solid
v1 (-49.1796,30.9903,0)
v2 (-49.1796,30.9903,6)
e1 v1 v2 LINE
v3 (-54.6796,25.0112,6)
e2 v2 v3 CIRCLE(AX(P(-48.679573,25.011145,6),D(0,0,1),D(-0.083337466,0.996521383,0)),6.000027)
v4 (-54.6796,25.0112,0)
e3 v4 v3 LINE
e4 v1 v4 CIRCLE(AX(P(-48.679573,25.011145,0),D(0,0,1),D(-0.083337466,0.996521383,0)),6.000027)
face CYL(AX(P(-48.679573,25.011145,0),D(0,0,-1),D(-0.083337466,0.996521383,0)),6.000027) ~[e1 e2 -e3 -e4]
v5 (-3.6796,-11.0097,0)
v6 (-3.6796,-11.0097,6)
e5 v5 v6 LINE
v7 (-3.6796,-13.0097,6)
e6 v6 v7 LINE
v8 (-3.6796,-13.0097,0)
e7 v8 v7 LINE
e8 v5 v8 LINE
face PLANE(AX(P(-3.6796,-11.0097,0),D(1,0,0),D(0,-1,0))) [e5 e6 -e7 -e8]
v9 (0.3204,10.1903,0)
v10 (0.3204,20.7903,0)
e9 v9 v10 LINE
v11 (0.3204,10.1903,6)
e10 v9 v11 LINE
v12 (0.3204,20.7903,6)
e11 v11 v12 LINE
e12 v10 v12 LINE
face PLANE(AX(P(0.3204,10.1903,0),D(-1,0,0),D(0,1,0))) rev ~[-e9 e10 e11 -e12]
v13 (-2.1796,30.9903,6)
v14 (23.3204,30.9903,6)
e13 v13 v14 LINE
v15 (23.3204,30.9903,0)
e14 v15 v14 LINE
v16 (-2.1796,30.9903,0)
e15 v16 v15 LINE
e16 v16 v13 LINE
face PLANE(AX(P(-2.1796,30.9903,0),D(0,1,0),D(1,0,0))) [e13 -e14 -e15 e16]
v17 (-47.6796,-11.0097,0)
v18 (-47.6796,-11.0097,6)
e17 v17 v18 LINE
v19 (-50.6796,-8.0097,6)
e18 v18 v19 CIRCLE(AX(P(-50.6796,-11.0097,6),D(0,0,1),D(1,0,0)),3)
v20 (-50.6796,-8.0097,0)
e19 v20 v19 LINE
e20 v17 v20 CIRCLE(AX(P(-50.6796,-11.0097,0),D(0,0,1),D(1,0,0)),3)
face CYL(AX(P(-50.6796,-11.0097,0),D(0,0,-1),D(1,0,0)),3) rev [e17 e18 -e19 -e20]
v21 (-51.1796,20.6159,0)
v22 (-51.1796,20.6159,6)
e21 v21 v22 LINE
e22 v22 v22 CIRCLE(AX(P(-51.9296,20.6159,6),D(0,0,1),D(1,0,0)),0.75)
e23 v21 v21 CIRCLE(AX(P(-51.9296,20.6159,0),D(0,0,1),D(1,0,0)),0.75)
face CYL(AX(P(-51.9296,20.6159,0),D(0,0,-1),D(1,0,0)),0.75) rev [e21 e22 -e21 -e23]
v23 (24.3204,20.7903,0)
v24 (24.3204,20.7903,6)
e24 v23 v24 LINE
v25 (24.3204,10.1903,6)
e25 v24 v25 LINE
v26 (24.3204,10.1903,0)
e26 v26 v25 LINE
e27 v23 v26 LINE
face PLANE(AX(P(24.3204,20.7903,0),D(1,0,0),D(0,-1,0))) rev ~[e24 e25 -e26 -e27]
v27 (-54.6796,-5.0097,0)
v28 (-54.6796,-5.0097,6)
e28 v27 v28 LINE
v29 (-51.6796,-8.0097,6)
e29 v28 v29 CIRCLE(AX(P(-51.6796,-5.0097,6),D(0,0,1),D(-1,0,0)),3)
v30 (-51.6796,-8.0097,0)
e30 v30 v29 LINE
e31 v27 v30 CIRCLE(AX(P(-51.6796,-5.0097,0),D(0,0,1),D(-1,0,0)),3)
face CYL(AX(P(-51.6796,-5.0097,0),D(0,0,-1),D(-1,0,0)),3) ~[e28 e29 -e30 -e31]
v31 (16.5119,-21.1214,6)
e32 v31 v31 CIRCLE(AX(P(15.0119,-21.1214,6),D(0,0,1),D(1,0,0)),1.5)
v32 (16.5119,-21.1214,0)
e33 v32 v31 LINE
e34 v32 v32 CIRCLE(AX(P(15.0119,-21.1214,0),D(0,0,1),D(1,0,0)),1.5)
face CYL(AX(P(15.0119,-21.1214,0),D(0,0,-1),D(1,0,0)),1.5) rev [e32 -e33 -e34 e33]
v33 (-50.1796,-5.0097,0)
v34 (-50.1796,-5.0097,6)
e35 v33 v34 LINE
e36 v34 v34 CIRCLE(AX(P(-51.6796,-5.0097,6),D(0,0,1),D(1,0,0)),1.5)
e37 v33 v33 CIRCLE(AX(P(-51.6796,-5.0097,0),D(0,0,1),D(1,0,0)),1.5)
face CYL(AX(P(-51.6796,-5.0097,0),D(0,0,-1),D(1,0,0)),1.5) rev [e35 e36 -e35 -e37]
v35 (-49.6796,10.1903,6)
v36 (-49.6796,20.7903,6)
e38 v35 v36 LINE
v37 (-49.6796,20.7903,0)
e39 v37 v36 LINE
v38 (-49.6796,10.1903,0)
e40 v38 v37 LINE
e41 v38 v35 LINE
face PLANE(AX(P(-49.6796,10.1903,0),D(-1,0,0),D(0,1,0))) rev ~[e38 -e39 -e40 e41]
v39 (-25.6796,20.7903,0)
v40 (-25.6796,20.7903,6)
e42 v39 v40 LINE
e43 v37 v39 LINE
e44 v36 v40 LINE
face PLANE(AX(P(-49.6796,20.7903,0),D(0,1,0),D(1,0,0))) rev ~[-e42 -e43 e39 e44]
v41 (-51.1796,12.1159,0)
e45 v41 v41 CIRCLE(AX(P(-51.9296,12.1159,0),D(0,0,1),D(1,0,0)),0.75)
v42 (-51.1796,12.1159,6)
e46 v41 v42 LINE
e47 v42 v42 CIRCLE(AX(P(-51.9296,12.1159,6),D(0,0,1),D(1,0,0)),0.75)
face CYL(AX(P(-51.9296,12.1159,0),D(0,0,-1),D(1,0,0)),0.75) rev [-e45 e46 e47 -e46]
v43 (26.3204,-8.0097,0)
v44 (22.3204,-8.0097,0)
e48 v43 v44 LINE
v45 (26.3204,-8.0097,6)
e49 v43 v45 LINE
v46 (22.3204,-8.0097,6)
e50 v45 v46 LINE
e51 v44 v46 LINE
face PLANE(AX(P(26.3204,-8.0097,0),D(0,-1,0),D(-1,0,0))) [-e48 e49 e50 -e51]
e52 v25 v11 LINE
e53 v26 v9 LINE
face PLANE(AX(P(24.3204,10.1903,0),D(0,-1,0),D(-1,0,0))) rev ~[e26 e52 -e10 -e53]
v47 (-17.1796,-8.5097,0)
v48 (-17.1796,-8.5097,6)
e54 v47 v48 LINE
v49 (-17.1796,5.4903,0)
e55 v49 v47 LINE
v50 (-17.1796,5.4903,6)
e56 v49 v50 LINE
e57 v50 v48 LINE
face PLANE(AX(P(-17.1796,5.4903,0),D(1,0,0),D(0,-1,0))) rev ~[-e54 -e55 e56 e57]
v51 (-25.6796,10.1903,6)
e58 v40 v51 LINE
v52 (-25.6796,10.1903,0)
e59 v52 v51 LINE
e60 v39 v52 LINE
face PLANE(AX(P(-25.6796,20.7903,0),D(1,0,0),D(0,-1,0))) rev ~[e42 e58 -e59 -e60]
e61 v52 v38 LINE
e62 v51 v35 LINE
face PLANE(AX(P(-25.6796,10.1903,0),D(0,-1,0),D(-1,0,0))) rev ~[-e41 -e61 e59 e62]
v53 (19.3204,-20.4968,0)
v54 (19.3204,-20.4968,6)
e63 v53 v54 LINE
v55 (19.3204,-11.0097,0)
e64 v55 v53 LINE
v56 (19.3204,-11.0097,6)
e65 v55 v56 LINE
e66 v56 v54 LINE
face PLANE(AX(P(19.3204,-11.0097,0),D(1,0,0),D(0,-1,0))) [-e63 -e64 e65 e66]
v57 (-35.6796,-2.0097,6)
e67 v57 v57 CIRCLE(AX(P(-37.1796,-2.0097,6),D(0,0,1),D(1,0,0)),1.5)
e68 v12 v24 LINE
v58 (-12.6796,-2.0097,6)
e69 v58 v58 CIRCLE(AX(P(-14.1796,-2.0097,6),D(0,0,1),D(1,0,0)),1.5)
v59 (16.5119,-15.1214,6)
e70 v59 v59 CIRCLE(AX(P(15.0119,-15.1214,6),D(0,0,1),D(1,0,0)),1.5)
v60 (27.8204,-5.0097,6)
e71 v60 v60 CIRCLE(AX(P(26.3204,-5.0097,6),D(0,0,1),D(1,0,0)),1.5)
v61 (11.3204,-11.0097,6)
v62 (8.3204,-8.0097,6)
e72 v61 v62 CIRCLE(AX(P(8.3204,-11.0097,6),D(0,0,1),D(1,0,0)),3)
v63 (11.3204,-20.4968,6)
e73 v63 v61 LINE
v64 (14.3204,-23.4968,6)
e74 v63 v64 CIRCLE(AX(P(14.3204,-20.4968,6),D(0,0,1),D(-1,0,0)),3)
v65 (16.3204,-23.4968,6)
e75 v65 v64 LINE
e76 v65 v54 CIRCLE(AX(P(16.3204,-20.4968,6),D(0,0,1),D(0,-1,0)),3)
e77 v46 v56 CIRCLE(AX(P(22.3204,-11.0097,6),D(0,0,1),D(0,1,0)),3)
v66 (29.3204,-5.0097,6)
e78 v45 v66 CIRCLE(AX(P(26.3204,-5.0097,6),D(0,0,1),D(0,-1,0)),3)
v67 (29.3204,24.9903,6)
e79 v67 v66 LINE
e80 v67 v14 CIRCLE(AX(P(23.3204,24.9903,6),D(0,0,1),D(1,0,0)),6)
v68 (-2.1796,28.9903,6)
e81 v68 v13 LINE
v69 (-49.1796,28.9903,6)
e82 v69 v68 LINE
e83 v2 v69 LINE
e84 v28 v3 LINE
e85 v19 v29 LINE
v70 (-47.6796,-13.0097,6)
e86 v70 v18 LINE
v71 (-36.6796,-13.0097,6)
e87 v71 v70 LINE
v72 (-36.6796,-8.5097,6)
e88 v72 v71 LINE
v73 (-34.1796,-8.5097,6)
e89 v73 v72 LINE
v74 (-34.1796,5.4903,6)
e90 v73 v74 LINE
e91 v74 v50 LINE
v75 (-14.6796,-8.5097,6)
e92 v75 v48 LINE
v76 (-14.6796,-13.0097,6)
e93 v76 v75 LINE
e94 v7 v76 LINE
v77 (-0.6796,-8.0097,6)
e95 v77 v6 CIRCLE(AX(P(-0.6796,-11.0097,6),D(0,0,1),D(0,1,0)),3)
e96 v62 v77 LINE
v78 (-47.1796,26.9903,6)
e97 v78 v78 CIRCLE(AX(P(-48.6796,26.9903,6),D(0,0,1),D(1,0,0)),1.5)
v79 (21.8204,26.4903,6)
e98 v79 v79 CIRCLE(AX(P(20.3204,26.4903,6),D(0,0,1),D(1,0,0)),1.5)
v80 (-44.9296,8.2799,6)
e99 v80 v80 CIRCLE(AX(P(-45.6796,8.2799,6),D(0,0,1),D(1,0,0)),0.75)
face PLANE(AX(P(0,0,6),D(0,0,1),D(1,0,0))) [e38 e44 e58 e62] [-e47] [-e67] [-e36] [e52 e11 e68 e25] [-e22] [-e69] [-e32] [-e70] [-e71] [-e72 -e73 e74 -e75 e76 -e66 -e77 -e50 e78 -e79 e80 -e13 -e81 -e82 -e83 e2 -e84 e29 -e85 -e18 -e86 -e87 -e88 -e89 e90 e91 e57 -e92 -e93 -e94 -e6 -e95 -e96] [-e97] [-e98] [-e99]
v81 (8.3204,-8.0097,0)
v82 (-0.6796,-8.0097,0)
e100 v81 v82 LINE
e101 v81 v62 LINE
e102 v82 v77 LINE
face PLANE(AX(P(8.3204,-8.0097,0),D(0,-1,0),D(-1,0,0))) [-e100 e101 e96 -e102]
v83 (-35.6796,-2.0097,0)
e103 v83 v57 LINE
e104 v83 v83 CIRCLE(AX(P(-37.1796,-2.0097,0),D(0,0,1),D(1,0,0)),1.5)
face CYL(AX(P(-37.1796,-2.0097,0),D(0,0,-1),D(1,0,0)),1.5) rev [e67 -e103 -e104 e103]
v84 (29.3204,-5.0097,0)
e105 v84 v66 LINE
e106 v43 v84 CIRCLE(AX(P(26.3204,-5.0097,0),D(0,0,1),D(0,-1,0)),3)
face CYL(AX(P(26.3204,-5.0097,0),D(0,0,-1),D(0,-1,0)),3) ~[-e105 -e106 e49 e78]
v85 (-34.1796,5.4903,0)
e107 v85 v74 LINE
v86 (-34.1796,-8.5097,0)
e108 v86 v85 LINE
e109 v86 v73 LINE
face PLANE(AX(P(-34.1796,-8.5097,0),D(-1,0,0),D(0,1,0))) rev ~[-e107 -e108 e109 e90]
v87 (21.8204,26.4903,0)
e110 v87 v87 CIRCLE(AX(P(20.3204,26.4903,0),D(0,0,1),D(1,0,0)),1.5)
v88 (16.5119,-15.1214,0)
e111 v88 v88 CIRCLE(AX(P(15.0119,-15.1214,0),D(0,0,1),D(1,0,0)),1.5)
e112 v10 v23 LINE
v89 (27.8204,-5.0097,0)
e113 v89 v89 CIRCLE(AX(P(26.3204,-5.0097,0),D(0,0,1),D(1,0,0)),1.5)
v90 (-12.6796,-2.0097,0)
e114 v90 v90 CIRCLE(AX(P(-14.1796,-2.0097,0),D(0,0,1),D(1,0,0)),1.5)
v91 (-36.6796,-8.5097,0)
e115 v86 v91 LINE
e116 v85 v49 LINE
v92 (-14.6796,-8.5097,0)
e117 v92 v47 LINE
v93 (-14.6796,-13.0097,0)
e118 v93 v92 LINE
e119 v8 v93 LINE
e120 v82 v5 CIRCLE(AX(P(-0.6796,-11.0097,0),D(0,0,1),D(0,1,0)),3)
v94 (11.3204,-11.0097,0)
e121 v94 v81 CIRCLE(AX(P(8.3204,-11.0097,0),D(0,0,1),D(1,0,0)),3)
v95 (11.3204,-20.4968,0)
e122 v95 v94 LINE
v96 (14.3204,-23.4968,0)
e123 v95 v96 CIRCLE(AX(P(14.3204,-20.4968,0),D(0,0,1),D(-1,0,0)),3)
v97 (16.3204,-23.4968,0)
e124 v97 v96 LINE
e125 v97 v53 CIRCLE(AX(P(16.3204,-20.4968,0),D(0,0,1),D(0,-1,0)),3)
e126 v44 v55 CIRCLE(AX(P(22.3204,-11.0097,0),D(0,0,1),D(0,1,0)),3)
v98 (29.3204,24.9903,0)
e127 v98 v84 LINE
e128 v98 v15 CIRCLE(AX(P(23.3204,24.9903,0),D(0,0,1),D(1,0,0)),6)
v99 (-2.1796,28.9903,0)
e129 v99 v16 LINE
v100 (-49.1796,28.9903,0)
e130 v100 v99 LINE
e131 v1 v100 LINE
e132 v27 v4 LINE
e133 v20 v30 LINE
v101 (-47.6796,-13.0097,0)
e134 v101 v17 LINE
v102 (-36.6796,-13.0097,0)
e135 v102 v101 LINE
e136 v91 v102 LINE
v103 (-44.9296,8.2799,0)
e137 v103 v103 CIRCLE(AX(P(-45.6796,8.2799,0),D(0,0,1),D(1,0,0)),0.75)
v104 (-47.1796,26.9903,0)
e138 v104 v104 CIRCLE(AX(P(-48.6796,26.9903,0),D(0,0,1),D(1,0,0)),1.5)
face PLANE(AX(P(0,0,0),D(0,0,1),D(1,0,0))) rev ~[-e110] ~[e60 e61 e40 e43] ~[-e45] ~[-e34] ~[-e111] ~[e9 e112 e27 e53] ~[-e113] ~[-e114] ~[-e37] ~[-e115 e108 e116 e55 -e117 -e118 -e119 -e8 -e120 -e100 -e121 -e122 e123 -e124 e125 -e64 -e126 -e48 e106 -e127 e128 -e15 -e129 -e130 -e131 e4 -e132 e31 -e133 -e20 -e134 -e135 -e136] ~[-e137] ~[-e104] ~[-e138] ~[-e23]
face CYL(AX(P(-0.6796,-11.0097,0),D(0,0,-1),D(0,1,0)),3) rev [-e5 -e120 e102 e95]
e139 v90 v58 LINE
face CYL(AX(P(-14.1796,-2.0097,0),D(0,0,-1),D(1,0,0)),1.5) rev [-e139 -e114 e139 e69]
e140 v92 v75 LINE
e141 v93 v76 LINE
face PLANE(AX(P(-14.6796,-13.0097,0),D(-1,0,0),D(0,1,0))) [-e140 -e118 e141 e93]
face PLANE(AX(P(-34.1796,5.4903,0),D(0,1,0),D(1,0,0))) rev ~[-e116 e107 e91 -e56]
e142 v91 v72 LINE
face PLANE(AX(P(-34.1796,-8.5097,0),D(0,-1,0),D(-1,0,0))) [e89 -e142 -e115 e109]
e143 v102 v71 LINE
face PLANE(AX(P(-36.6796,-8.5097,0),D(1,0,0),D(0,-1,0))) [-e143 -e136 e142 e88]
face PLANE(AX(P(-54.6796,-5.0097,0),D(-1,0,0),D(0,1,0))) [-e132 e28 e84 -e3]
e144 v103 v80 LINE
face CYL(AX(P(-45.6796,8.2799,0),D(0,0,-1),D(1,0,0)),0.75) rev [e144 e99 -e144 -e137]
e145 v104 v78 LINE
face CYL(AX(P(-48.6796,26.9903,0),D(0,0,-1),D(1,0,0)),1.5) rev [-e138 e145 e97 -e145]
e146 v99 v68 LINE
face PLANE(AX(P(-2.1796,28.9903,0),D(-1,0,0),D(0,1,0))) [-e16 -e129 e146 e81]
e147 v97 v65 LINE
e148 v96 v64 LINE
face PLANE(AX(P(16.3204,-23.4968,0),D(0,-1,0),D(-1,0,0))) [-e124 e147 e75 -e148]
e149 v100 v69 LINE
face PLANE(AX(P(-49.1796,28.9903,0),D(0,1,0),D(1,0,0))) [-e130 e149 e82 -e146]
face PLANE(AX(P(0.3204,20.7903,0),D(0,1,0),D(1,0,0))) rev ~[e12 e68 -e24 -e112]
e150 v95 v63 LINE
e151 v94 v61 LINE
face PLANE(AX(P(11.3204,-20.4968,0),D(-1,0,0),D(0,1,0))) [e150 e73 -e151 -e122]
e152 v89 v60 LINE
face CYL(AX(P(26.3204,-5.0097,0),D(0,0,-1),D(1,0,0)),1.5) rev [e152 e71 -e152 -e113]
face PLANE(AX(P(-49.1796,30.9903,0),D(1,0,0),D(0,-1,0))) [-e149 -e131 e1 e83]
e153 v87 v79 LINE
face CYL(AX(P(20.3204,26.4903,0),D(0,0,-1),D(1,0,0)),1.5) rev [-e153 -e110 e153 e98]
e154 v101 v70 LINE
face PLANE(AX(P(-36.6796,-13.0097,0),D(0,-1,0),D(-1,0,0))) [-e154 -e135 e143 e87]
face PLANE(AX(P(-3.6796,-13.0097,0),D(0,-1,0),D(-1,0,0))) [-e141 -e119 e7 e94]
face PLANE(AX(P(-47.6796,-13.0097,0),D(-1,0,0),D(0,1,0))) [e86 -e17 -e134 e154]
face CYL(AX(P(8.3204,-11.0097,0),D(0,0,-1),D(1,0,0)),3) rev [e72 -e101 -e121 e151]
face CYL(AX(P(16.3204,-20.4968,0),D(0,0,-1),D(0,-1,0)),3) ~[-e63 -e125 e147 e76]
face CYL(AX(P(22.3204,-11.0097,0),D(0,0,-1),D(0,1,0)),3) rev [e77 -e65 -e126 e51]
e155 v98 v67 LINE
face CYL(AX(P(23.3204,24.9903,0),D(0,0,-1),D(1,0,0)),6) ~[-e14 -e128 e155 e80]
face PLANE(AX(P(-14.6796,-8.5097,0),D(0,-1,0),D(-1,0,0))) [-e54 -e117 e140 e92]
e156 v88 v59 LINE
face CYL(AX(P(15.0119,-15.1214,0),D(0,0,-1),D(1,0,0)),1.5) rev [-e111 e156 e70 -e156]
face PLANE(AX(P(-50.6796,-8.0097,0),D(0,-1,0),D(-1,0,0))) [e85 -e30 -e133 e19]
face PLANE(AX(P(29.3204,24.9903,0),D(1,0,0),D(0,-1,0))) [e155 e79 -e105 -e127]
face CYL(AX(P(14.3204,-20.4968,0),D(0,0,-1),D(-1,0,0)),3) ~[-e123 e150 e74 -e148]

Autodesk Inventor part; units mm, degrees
ref_plane "YZ Plane" through (0, 0, 0) normal (1, 0, 0) x (0, 1, 0)
ref_plane "XZ Plane" through (0, 0, 0) normal (0, 1, 0) x (-1, 0, 0)
ref_plane "XY Plane" through (0, 0, 0) normal (0, 0, 1) x (1, 0, 0)
sketch "Sketch1" plane through (0, 0, 0) normal (0, 0, 1) x (1, 0, 0)
  line L0 (-34.1796, -8.5097) -> (-34.1796, 5.4903)
  line L1 (-34.1796, 5.4903) -> (-17.1796, 5.4903)
  line L2 (-17.1796, 5.4903) -> (-17.1796, -8.5097)
  line L3 (-14.6796, -8.5097) -> (-17.1796, -8.5097)
  line L4 (-14.6796, -13.0097) -> (-14.6796, -8.5097)
  line L5 (-3.6796, -13.0097) -> (-14.6796, -13.0097)
  line L6 (-3.6796, -11.0097) -> (-3.6796, -13.0097)
  arc A0 (-0.6796, -8.0097) -> (-3.6796, -11.0097) centre (-0.6796, -11.0097) ccw
  line L7 (8.3204, -8.0097) -> (-0.6796, -8.0097)
  arc A1 (11.3204, -11.0097) -> (8.3204, -8.0097) centre (8.3204, -11.0097) ccw
  line L8 (11.3204, -20.4968) -> (11.3204, -11.0097)
  arc A2 (11.3204, -20.4968) -> (14.3204, -23.4968) centre (14.3204, -20.4968) ccw
  line L9 (16.3204, -23.4968) -> (14.3204, -23.4968)
  arc A3 (16.3204, -23.4968) -> (19.3204, -20.4968) centre (16.3204, -20.4968) ccw
  line L10 (19.3204, -11.0097) -> (19.3204, -20.4968)
  arc A4 (22.3204, -8.0097) -> (19.3204, -11.0097) centre (22.3204, -11.0097) ccw
  line L11 (26.3204, -8.0097) -> (22.3204, -8.0097)
  arc A5 (26.3204, -8.0097) -> (29.3204, -5.0097) centre (26.3204, -5.0097) ccw
  line L12 (29.3204, 24.9903) -> (29.3204, -5.0097)
  arc A6 (29.3204, 24.9903) -> (23.3204, 30.9903) centre (23.3204, 24.9903) ccw
  line L13 (-2.1796, 30.9903) -> (23.3204, 30.9903)
  line L14 (-2.1796, 28.9903) -> (-2.1796, 30.9903)
  line L15 (-49.1796, 28.9903) -> (-2.1796, 28.9903)
  line L16 (-49.1796, 30.9903) -> (-49.1796, 28.9903)
  arc A7 (-49.1796, 30.9903) -> (-54.6796, 25.0112) centre (-48.6796, 25.0112) ccw
  line L17 (-54.6796, -5.0097) -> (-54.6796, 25.0112)
  arc A8 (-54.6796, -5.0097) -> (-51.6796, -8.0097) centre (-51.6796, -5.0097) ccw
  line L18 (-50.6796, -8.0097) -> (-51.6796, -8.0097)
  arc A9 (-47.6796, -11.0097) -> (-50.6796, -8.0097) centre (-50.6796, -11.0097) ccw
  line L19 (-47.6796, -13.0097) -> (-47.6796, -11.0097)
  line L20 (-36.6796, -13.0097) -> (-47.6796, -13.0097)
  line L21 (-36.6796, -8.5097) -> (-36.6796, -13.0097)
  line L22 (-34.1796, -8.5097) -> (-36.6796, -8.5097)
  circle A10 centre (15.0119, -15.1214) radius 1.5
  circle A11 centre (15.0119, -21.1214) radius 1.5
  circle A12 centre (-51.9296, 20.6159) radius 0.75
  circle A13 centre (-51.9296, 12.1159) radius 0.75
  circle A14 centre (-45.6796, 8.2799) radius 0.75
  circle A15 centre (-48.6796, 26.9903) radius 1.5
  circle A16 centre (26.3204, -5.0097) radius 1.5
  circle A17 centre (-14.1796, -2.0097) radius 1.5
  circle A18 centre (-51.6796, -5.0097) radius 1.5
  circle A19 centre (20.3204, 26.4903) radius 1.5
  circle A20 centre (-37.1796, -2.0097) radius 1.5
  line L23 (-49.6796, 10.1903) -> (-49.6796, 20.7903)
  line L24 (-49.6796, 20.7903) -> (-25.6796, 20.7903)
  line L25 (-25.6796, 20.7903) -> (-25.6796, 10.1903)
  line L26 (-25.6796, 10.1903) -> (-49.6796, 10.1903)
  line L27 (0.3204, 20.7903) -> (24.3204, 20.7903)
  line L28 (24.3204, 20.7903) -> (24.3204, 10.1903)
  line L29 (24.3204, 10.1903) -> (0.3204, 10.1903)
  line L30 (0.3204, 10.1903) -> (0.3204, 20.7903)
  point P0 (0, 0)
  point P1 (0, 0)
extrude "Extrusion1" add sketch "Sketch1" along normal blind 6
properties part number "XcrRight_a"
